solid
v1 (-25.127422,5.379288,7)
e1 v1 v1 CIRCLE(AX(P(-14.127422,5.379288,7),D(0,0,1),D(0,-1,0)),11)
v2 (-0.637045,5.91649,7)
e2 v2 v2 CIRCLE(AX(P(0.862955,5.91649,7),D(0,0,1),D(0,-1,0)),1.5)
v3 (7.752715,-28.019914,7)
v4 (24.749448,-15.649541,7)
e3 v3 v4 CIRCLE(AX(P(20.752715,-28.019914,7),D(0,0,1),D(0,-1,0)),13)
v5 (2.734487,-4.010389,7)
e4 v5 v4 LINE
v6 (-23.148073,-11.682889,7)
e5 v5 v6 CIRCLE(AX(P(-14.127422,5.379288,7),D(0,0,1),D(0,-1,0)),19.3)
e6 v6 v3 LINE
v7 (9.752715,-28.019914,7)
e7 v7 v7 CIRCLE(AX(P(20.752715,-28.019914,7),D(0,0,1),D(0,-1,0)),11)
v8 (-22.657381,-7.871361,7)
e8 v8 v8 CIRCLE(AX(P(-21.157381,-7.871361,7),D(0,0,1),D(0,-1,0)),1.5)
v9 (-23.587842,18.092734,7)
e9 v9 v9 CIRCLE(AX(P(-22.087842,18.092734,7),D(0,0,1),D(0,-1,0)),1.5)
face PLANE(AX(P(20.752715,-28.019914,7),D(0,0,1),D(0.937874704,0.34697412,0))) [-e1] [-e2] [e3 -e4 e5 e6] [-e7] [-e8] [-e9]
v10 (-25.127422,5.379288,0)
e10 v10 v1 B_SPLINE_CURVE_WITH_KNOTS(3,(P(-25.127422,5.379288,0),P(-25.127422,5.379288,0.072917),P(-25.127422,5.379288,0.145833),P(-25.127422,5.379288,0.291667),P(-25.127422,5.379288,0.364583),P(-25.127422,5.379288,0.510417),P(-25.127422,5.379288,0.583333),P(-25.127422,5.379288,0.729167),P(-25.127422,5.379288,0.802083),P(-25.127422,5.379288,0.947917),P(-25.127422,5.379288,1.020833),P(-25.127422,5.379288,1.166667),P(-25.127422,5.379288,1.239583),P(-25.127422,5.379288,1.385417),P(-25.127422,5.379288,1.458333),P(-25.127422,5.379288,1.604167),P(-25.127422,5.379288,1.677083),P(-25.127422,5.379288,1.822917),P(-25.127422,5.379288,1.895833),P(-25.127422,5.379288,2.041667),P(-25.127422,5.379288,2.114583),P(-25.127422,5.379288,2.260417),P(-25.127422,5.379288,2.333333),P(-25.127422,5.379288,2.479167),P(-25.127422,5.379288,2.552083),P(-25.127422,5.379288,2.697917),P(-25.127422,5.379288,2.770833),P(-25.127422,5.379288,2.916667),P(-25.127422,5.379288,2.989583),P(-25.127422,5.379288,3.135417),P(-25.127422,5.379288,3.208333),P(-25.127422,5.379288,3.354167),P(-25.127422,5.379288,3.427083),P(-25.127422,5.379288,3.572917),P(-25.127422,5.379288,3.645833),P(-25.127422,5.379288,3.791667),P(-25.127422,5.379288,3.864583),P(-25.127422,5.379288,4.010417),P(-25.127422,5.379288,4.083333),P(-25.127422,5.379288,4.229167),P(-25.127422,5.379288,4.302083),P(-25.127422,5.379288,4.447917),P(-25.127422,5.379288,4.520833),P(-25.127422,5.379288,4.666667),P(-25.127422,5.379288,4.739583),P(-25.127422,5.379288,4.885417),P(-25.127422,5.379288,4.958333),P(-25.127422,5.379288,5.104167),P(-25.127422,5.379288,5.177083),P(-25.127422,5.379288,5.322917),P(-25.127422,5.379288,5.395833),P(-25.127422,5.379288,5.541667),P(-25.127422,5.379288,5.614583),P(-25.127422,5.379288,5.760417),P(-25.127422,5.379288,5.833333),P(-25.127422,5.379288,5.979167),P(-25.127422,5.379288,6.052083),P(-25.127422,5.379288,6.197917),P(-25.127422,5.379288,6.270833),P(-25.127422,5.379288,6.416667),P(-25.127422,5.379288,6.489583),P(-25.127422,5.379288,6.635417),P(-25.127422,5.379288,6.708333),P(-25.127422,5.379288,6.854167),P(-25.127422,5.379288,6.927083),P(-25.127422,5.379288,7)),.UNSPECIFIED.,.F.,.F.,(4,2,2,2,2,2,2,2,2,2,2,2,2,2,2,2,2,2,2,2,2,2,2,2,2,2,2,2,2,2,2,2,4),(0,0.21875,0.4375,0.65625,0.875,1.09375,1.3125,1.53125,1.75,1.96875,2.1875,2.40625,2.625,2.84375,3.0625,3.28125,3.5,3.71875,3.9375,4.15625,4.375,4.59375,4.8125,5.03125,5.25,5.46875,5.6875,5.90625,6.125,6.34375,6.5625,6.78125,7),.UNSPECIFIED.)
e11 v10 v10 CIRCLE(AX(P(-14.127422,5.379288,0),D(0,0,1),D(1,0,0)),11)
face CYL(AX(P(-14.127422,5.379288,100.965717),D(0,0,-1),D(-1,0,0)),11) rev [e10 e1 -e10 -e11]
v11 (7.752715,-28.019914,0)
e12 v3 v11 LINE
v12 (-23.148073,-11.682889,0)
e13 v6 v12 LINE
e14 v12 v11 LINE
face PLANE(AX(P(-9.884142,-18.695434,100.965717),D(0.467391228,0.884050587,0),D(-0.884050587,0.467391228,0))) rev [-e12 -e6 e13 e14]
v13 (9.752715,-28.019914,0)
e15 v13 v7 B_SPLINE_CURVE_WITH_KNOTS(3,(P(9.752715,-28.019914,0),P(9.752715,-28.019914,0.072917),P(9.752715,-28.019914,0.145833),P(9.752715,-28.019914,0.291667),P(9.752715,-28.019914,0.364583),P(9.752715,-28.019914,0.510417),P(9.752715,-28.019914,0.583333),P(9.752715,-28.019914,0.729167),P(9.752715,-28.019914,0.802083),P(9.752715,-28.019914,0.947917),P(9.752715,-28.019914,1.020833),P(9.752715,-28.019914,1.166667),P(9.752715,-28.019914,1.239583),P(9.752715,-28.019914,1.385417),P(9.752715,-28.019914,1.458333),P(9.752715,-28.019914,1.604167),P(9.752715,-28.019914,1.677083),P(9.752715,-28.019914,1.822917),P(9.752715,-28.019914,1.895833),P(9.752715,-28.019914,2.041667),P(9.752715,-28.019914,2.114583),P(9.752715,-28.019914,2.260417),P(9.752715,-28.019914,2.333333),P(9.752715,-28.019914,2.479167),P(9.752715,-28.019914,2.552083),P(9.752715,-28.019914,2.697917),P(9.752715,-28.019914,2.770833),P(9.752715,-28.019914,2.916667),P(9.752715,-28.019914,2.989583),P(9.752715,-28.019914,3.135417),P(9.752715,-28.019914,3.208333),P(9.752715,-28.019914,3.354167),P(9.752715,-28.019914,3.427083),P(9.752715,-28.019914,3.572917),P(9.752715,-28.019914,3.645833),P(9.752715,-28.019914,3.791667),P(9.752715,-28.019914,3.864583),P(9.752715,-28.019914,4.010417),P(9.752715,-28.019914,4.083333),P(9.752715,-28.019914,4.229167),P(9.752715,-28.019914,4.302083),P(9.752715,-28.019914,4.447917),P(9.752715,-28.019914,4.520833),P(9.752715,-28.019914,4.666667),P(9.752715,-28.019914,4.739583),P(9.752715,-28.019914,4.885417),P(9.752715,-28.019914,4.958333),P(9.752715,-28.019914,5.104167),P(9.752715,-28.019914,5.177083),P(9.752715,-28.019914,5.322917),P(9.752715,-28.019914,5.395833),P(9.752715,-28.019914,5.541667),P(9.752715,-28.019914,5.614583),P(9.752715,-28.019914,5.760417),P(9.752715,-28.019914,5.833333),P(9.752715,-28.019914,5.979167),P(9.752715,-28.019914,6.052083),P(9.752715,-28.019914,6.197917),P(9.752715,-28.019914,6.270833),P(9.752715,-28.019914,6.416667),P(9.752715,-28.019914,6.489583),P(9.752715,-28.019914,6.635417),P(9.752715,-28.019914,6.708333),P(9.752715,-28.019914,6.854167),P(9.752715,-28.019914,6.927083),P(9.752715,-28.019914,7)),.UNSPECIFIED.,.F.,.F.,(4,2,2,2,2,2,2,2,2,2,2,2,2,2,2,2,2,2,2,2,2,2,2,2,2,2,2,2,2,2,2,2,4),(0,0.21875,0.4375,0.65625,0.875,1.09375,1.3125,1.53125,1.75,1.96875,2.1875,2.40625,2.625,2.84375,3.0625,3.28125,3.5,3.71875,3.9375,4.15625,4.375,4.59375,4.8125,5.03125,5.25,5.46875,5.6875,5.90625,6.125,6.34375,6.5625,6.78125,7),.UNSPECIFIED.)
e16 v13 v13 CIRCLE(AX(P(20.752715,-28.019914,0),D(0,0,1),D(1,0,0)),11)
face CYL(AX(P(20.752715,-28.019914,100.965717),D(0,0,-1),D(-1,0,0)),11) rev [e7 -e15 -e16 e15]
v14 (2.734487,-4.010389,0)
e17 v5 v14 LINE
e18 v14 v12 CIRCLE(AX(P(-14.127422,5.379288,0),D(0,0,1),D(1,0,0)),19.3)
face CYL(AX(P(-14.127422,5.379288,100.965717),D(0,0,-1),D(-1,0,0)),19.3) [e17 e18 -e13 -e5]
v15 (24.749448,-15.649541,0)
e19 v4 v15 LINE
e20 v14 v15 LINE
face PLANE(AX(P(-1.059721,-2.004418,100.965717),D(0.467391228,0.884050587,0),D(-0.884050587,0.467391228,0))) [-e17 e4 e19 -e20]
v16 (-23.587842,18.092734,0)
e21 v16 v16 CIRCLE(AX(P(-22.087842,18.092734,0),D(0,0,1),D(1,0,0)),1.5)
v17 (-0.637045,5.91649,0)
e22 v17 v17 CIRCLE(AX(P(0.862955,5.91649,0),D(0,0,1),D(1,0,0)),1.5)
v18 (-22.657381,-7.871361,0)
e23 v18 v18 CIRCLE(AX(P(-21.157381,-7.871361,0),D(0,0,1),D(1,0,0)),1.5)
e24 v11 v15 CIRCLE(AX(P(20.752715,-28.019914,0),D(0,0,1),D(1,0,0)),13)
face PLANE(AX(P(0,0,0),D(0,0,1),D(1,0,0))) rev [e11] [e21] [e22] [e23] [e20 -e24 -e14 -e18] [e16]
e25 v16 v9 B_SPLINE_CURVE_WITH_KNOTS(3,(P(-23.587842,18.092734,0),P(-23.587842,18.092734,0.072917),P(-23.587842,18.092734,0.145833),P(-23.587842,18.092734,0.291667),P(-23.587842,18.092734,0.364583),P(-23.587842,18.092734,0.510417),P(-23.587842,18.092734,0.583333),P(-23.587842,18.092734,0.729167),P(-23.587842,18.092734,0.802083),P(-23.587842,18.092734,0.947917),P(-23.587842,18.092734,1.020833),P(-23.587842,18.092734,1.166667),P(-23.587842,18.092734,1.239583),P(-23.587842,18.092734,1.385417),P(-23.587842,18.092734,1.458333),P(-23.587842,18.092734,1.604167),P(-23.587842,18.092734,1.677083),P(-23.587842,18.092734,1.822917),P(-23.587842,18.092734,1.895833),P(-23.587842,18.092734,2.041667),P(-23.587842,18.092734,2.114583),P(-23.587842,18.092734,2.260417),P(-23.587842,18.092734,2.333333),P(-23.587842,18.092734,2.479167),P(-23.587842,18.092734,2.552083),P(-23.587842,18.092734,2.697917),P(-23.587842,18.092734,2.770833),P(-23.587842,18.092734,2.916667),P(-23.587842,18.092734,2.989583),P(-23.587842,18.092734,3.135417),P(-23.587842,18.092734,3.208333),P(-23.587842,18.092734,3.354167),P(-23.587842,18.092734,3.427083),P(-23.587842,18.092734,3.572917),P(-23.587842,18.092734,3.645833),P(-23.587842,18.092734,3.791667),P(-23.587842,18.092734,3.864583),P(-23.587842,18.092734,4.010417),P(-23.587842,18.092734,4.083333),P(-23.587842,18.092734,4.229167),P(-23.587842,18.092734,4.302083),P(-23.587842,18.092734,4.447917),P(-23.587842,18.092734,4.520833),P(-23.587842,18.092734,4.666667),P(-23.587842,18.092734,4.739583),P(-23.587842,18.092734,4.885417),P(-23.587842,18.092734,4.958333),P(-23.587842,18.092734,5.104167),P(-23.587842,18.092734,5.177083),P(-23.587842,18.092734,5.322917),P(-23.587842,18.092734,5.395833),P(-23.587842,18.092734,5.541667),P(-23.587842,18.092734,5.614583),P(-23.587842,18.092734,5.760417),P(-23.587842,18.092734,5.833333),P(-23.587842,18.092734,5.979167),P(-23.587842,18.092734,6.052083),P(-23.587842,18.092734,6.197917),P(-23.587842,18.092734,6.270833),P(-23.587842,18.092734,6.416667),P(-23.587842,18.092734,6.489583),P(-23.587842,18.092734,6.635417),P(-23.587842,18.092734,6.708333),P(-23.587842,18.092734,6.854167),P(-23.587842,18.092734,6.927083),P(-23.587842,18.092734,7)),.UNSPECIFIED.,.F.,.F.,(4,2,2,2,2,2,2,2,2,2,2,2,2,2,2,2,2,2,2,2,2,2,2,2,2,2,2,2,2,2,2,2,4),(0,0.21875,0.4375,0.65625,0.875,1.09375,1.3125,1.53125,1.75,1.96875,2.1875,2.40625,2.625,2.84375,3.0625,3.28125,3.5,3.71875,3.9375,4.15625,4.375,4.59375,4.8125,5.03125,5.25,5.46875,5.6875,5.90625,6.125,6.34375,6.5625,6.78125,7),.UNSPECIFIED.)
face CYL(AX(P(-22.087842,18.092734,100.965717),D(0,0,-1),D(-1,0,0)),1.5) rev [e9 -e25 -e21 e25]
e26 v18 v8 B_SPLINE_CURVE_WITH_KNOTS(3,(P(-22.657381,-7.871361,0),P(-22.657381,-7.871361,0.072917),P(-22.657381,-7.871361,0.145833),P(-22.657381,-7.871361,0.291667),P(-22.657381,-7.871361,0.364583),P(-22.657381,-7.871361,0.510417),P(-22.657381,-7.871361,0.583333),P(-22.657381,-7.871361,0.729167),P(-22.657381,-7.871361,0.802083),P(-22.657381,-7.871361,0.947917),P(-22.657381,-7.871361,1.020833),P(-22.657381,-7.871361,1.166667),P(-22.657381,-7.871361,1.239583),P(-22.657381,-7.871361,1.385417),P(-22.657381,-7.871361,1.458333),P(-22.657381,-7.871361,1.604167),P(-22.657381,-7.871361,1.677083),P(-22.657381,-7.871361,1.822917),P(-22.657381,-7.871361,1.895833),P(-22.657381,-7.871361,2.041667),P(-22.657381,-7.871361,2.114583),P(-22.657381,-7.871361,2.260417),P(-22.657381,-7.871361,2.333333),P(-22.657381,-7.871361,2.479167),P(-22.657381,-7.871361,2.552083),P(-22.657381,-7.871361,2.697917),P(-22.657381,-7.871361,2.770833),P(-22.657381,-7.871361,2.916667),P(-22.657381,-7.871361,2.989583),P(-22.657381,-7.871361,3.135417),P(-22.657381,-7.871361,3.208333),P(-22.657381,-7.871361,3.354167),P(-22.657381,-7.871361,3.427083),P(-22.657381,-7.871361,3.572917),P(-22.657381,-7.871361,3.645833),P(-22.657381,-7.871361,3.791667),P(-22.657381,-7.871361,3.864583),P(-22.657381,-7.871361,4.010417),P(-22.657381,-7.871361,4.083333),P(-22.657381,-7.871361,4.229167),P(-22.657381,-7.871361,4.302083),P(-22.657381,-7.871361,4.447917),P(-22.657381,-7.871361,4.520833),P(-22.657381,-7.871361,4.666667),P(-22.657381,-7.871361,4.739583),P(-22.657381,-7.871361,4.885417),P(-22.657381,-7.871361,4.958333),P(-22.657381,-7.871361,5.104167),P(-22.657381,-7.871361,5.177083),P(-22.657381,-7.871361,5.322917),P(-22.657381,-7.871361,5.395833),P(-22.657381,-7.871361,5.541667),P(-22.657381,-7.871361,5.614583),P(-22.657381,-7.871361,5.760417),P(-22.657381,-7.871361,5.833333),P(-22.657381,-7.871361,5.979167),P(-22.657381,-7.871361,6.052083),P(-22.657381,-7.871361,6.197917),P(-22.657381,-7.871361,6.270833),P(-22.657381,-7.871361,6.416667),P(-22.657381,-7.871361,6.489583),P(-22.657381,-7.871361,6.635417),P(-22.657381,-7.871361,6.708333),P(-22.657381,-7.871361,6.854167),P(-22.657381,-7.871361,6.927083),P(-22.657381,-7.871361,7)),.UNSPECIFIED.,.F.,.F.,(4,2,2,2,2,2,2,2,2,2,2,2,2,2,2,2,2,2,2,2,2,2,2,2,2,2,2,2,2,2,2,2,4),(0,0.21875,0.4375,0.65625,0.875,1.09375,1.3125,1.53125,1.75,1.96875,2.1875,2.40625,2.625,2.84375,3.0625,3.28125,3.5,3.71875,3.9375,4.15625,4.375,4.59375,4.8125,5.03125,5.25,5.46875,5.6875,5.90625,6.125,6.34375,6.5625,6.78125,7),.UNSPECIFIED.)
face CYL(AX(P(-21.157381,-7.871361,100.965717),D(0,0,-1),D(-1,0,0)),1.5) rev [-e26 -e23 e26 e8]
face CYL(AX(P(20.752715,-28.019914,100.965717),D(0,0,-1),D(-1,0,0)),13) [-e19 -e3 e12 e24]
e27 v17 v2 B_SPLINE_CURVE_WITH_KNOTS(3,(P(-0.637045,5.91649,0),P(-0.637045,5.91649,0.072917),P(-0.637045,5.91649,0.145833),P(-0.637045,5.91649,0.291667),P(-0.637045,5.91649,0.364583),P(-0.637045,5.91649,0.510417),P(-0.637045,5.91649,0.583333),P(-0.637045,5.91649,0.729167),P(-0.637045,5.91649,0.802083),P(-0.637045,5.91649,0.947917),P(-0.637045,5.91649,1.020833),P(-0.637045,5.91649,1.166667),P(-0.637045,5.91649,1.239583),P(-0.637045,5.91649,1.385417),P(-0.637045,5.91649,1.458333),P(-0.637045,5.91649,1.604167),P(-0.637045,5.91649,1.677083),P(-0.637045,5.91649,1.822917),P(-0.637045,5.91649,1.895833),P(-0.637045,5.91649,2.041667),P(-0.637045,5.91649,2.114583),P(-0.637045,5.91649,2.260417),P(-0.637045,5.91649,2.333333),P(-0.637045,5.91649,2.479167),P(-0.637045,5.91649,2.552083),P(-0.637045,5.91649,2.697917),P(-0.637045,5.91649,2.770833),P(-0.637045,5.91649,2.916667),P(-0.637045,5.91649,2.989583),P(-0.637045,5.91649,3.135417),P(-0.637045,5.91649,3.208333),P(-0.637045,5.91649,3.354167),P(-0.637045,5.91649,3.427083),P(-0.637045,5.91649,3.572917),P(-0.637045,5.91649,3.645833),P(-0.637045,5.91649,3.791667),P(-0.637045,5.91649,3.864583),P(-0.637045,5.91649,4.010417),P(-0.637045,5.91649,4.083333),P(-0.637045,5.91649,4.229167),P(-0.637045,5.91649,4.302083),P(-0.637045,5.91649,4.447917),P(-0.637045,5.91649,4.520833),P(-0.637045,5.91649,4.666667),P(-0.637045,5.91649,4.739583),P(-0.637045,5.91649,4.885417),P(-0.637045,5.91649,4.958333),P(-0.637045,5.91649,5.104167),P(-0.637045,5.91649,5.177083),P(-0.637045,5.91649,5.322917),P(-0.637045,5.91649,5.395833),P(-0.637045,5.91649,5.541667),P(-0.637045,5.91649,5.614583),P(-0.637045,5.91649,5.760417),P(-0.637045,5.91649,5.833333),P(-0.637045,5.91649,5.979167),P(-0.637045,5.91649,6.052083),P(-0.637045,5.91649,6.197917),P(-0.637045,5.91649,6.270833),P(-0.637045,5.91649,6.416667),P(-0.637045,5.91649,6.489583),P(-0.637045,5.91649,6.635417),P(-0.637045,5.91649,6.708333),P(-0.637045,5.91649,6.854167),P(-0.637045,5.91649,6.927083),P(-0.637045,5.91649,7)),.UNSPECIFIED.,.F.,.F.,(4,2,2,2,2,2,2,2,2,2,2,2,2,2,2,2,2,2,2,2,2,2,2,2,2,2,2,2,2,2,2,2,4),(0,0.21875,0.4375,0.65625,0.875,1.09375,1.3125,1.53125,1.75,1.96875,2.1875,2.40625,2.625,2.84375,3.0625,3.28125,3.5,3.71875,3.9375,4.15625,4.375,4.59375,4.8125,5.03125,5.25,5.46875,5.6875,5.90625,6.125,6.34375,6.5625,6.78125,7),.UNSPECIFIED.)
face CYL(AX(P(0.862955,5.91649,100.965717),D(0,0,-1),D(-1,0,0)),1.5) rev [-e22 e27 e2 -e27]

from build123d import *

# Parameters (mm, degrees)
SKETCH1_R           = 1.5
SKETCH1_R_2         = 11
BOSS_EXTRUDE1_DEPTH = 7


with BuildPart() as part:
    # Sketch1 → Boss-Extrude1 (new body)
    with BuildSketch(Plane.XY):
        with BuildLine():
            Line((24.749447939, -15.649541482), (2.734486559, -4.010388703))
            ThreePointArc((2.734486559, -4.010388703), (-19.612688755, 23.883391477), (-23.148073161, -11.682888541))
            Line((-23.148073161, -11.682888541), (7.752714707, -28.019914292))
            ThreePointArc((7.752714707, -28.019914292), (28.40263196, -38.530802267), (24.749447939, -15.649541482))
        make_face()
        with Locations(Location((0.862954929, 5.91648973, 0), (0, 0, 180))):
            Circle(SKETCH1_R, mode=Mode.SUBTRACT)
        with Locations(Location((-21.15738061, -7.87136082, 0), (0, 0, 180))):
            Circle(SKETCH1_R, mode=Mode.SUBTRACT)
        with Locations(Location((-14.127422454, 5.37928778, 0), (0, 0, 180))):
            Circle(SKETCH1_R_2, mode=Mode.SUBTRACT)
        with Locations(Location((-22.08784168, 18.092734431, 0), (0, 0, 180))):
            Circle(SKETCH1_R, mode=Mode.SUBTRACT)
        with Locations(Location((20.752714707, -28.019914292, 0), (0, 0, 180))):
            Circle(SKETCH1_R_2, mode=Mode.SUBTRACT)
    extrude(amount=BOSS_EXTRUDE1_DEPTH)


solid = part.part
